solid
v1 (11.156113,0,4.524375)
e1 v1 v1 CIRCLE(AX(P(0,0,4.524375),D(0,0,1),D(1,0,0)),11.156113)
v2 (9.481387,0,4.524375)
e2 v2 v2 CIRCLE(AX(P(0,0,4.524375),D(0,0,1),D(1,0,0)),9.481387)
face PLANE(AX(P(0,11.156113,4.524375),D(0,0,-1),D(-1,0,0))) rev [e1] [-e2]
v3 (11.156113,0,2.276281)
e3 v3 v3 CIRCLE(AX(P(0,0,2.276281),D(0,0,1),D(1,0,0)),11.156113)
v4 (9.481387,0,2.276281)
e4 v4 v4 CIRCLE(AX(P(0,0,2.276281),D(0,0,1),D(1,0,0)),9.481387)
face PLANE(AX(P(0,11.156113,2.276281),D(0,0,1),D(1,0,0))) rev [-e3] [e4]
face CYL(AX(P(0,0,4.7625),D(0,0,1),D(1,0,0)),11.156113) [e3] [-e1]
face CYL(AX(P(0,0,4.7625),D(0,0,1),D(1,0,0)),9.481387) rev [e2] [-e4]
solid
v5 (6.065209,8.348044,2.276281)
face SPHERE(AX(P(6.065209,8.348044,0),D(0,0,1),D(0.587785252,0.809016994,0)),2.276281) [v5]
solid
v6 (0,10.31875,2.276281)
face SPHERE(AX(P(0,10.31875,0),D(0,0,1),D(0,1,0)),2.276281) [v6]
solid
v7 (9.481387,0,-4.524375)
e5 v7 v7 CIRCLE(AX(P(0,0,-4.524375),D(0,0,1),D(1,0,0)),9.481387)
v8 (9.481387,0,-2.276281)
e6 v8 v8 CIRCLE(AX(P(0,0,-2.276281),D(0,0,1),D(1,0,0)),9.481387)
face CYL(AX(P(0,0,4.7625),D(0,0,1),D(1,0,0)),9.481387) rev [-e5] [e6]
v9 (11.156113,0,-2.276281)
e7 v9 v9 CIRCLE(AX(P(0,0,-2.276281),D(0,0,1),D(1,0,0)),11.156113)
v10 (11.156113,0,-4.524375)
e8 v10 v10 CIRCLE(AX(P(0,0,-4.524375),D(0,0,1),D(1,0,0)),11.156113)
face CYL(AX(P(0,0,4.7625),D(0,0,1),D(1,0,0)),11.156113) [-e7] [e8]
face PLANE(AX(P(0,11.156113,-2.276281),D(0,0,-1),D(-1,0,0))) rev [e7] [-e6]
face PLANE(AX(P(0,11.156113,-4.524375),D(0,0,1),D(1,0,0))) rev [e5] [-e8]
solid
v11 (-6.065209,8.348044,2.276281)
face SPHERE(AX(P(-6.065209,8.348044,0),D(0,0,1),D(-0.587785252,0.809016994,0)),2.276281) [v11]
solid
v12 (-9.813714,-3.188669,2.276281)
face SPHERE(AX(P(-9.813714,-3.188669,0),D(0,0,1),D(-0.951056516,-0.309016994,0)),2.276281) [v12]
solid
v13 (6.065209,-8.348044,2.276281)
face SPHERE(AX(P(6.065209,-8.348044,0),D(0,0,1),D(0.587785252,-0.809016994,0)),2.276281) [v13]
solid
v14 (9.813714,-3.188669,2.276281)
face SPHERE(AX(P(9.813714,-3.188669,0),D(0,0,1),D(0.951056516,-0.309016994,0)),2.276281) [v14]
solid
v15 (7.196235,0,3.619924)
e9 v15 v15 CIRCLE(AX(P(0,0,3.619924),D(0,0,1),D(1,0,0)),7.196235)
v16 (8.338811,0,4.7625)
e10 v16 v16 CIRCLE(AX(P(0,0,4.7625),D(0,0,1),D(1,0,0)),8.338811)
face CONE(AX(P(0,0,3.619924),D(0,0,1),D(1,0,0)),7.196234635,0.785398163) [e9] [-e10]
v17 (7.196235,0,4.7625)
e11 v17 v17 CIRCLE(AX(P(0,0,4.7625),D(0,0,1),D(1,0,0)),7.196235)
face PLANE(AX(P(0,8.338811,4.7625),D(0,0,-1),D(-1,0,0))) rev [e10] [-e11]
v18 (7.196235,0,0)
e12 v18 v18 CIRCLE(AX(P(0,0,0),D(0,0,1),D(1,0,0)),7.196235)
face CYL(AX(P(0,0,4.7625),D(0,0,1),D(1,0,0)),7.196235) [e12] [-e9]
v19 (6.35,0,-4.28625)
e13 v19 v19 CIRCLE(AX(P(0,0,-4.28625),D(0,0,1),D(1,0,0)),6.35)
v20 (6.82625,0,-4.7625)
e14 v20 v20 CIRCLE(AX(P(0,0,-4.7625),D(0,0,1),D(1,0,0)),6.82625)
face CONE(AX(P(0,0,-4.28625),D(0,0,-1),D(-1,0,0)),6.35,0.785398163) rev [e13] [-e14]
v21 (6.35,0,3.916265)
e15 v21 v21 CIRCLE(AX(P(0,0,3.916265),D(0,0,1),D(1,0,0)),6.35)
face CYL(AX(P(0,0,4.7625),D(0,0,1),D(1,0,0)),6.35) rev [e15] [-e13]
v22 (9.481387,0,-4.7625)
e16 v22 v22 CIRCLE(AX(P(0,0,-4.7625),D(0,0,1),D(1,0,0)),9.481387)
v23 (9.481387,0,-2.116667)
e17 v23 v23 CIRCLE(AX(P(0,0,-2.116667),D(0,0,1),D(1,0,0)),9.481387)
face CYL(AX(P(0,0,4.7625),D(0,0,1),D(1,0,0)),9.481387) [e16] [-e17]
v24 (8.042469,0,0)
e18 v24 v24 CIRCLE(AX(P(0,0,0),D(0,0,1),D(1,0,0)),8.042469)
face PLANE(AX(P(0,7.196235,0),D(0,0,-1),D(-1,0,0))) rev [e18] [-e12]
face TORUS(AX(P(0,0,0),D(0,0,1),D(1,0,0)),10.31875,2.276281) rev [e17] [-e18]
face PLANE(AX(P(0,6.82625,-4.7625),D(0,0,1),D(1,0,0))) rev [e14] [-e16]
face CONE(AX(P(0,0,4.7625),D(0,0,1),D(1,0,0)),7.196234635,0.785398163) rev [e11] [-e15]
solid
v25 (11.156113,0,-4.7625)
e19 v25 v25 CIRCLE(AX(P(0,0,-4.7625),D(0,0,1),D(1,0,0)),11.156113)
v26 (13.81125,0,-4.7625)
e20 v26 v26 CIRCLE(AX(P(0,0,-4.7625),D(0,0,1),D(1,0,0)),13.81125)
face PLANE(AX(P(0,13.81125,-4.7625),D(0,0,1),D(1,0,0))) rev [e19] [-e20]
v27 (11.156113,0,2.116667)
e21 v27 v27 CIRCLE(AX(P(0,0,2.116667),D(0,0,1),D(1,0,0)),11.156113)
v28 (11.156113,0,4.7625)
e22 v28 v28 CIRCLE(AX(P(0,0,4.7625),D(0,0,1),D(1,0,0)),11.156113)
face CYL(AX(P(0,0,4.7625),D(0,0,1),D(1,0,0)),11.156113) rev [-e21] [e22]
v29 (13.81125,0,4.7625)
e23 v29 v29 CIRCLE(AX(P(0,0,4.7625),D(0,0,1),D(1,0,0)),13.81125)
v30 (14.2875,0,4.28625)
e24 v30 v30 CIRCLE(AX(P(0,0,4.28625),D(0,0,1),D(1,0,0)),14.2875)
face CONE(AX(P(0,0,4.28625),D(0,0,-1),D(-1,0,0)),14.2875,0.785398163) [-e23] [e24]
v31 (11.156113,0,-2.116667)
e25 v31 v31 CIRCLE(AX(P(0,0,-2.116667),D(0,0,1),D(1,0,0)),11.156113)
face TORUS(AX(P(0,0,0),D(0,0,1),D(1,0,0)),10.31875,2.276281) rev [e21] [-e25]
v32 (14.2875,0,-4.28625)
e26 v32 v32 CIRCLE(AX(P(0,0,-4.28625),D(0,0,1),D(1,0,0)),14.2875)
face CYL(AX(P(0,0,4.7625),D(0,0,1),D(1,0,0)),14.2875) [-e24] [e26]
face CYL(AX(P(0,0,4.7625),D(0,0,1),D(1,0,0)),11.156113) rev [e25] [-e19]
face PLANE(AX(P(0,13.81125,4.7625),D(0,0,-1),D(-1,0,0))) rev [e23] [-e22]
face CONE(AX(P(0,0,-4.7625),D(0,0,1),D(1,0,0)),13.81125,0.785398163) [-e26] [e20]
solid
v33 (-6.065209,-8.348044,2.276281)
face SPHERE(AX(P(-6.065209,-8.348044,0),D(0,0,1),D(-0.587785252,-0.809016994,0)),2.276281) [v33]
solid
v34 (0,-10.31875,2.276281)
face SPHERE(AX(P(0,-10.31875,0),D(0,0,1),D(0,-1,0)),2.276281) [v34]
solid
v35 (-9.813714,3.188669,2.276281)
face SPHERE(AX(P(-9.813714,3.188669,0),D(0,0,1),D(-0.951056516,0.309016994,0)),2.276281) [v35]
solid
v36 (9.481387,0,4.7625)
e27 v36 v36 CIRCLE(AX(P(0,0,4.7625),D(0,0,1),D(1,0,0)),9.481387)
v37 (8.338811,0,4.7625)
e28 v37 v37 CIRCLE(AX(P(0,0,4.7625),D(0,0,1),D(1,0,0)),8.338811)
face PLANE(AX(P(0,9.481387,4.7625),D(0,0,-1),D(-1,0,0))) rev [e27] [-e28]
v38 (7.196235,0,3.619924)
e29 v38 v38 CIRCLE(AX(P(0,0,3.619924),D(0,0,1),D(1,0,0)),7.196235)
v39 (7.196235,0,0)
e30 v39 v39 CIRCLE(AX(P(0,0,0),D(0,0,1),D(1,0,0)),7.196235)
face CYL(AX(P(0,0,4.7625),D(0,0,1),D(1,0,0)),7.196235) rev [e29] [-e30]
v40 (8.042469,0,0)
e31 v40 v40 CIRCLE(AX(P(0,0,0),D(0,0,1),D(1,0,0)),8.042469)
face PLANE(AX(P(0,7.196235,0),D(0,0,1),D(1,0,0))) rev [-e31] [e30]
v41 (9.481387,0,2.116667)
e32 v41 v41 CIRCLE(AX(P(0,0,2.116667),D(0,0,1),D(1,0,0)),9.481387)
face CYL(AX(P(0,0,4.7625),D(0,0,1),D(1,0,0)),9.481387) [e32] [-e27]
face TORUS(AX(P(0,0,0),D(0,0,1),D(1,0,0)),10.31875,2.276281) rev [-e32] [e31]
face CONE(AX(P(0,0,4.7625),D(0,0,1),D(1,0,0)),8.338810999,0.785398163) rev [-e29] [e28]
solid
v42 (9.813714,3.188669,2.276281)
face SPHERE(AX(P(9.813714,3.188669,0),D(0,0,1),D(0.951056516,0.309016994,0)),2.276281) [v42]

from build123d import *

# Parameters (mm, degrees)
CIRPATTERN1_COUNT = 10
SKETCH5_W         = 2.248094269
SKETCH5_H         = 1.674725274


with BuildPart() as part:
    # Sketch1 → Revolve1 (revolve)
    with BuildSketch(Plane(origin=(0, 0, 0), x_dir=(0, 0, -1), z_dir=(1, 0, 0))):
        with BuildLine():
            Line((4.28625, 14.2875), (-4.28625, 14.2875))
            Line((-4.28625, 14.2875), (-4.7625, 13.81125))
            Line((-4.7625, 13.81125), (-4.7625, 11.156112637))
            Line((-4.7625, 11.156112637), (-2.116666667, 11.156112637))
            ThreePointArc((-2.116666667, 11.156112637), (0, 12.595030731), (2.116666667, 11.156112637))
            Line((2.116666667, 11.156112637), (4.7625, 11.156112637))
            Line((4.7625, 11.156112637), (4.7625, 13.81125))
            Line((4.7625, 13.81125), (4.28625, 14.2875))
        make_face()
    revolve(axis=Axis((0, 0, 4.7625), (0, 0, -1)))


with BuildPart() as body_2:
    # Sketch2 → Revolve2 (revolve)
    with BuildSketch(Plane(origin=(0, 0, 0), x_dir=(0, 0, -1), z_dir=(1, 0, 0))):
        with BuildLine():
            Line((-4.7625, 9.481387363), (-2.116666667, 9.481387363))
            ThreePointArc((-2.116666667, 9.481387363), (-1.279722925, 8.436261434), (0, 8.042469269))
            Line((0, 8.042469269), (0, 7.196234635))
            Line((0, 7.196234635), (-3.619923636, 7.196234635))
            Line((-3.619923636, 7.196234635), (-4.7625, 8.338810999))
            Line((-4.7625, 8.338810999), (-4.7625, 9.481387363))
        make_face()
    revolve(axis=Axis((0, 0, 4.7625), (0, 0, -1)))


with BuildPart() as body_3:
    # Sketch3 → Revolve3 (revolve)
    with BuildSketch(Plane(origin=(0, 0, 0), x_dir=(0, 0, -1), z_dir=(1, 0, 0))):
        with BuildLine():
            Line((-4.7625, 8.338810999), (-3.619923636, 7.196234635))
            Line((-3.619923636, 7.196234635), (0, 7.196234635))
            Line((0, 7.196234635), (0, 8.042469269))
            ThreePointArc((0, 8.042469269), (1.279722925, 8.436261434), (2.116666667, 9.481387363))
            Line((2.116666667, 9.481387363), (4.7625, 9.481387363))
            Line((4.7625, 9.481387363), (4.7625, 6.82625))
            Line((4.7625, 6.82625), (4.28625, 6.35))
            Line((4.28625, 6.35), (-3.916265365, 6.35))
            Line((-3.916265365, 6.35), (-4.7625, 7.196234635))
            Line((-4.7625, 7.196234635), (-4.7625, 8.338810999))
        make_face()
    revolve(axis=Axis((0, 0, 4.7625), (0, 0, -1)))


with BuildPart() as body_4:
    # Sketch4 → Revolve4 (revolve)
    with BuildSketch(Plane(origin=(0, 0, 0), x_dir=(0, 0, -1), z_dir=(1, 0, 0))):
        with BuildLine():
            Line((-2.276280731, 10.31875), (2.276280731, 10.31875))
            ThreePointArc((2.276280731, 10.31875), (0, 12.595030731), (-2.276280731, 10.31875))
        make_face()
    revolve(axis=Axis((0, 10.31875, 2.276280731), (0, 0, -1)))


with BuildPart() as cirpattern1_1:
    # CirPattern1: pattern copy
    add(body_4.part.rotate(Axis((0, 0, -4.7625), (0, 0, 1)), 1 * 360 / CIRPATTERN1_COUNT))


with BuildPart() as cirpattern1_2:
    # CirPattern1: pattern copy
    add(body_4.part.rotate(Axis((0, 0, -4.7625), (0, 0, 1)), 2 * 360 / CIRPATTERN1_COUNT))


with BuildPart() as cirpattern1_3:
    # CirPattern1: pattern copy
    add(body_4.part.rotate(Axis((0, 0, -4.7625), (0, 0, 1)), 3 * 360 / CIRPATTERN1_COUNT))


with BuildPart() as cirpattern1_4:
    # CirPattern1: pattern copy
    add(body_4.part.rotate(Axis((0, 0, -4.7625), (0, 0, 1)), 4 * 360 / CIRPATTERN1_COUNT))


with BuildPart() as cirpattern1_5:
    # CirPattern1: pattern copy
    add(body_4.part.rotate(Axis((0, 0, -4.7625), (0, 0, 1)), 5 * 360 / CIRPATTERN1_COUNT))


with BuildPart() as cirpattern1_6:
    # CirPattern1: pattern copy
    add(body_4.part.rotate(Axis((0, 0, -4.7625), (0, 0, 1)), 6 * 360 / CIRPATTERN1_COUNT))


with BuildPart() as cirpattern1_7:
    # CirPattern1: pattern copy
    add(body_4.part.rotate(Axis((0, 0, -4.7625), (0, 0, 1)), 7 * 360 / CIRPATTERN1_COUNT))


with BuildPart() as cirpattern1_8:
    # CirPattern1: pattern copy
    add(body_4.part.rotate(Axis((0, 0, -4.7625), (0, 0, 1)), 8 * 360 / CIRPATTERN1_COUNT))


with BuildPart() as cirpattern1_9:
    # CirPattern1: pattern copy
    add(body_4.part.rotate(Axis((0, 0, -4.7625), (0, 0, 1)), 9 * 360 / CIRPATTERN1_COUNT))


with BuildPart() as body_14:
    # Sketch5 → Revolve5 (revolve)
    with BuildSketch(Plane(origin=(0, 0, 0), x_dir=(0, 0, -1), z_dir=(1, 0, 0))):
        with Locations((-3.400327865, 10.31875)):
            Rectangle(SKETCH5_W, SKETCH5_H)
        with Locations((3.400327865, 10.31875)):
            Rectangle(SKETCH5_W, SKETCH5_H)
    revolve(axis=Axis((0, 0, 4.7625), (0, 0, -1)))


solid = Compound([part.part, body_2.part, body_3.part, body_4.part, cirpattern1_1.part, cirpattern1_2.part, cirpattern1_3.part, cirpattern1_4.part, cirpattern1_5.part, cirpattern1_6.part, cirpattern1_7.part, cirpattern1_8.part, cirpattern1_9.part, body_14.part])
